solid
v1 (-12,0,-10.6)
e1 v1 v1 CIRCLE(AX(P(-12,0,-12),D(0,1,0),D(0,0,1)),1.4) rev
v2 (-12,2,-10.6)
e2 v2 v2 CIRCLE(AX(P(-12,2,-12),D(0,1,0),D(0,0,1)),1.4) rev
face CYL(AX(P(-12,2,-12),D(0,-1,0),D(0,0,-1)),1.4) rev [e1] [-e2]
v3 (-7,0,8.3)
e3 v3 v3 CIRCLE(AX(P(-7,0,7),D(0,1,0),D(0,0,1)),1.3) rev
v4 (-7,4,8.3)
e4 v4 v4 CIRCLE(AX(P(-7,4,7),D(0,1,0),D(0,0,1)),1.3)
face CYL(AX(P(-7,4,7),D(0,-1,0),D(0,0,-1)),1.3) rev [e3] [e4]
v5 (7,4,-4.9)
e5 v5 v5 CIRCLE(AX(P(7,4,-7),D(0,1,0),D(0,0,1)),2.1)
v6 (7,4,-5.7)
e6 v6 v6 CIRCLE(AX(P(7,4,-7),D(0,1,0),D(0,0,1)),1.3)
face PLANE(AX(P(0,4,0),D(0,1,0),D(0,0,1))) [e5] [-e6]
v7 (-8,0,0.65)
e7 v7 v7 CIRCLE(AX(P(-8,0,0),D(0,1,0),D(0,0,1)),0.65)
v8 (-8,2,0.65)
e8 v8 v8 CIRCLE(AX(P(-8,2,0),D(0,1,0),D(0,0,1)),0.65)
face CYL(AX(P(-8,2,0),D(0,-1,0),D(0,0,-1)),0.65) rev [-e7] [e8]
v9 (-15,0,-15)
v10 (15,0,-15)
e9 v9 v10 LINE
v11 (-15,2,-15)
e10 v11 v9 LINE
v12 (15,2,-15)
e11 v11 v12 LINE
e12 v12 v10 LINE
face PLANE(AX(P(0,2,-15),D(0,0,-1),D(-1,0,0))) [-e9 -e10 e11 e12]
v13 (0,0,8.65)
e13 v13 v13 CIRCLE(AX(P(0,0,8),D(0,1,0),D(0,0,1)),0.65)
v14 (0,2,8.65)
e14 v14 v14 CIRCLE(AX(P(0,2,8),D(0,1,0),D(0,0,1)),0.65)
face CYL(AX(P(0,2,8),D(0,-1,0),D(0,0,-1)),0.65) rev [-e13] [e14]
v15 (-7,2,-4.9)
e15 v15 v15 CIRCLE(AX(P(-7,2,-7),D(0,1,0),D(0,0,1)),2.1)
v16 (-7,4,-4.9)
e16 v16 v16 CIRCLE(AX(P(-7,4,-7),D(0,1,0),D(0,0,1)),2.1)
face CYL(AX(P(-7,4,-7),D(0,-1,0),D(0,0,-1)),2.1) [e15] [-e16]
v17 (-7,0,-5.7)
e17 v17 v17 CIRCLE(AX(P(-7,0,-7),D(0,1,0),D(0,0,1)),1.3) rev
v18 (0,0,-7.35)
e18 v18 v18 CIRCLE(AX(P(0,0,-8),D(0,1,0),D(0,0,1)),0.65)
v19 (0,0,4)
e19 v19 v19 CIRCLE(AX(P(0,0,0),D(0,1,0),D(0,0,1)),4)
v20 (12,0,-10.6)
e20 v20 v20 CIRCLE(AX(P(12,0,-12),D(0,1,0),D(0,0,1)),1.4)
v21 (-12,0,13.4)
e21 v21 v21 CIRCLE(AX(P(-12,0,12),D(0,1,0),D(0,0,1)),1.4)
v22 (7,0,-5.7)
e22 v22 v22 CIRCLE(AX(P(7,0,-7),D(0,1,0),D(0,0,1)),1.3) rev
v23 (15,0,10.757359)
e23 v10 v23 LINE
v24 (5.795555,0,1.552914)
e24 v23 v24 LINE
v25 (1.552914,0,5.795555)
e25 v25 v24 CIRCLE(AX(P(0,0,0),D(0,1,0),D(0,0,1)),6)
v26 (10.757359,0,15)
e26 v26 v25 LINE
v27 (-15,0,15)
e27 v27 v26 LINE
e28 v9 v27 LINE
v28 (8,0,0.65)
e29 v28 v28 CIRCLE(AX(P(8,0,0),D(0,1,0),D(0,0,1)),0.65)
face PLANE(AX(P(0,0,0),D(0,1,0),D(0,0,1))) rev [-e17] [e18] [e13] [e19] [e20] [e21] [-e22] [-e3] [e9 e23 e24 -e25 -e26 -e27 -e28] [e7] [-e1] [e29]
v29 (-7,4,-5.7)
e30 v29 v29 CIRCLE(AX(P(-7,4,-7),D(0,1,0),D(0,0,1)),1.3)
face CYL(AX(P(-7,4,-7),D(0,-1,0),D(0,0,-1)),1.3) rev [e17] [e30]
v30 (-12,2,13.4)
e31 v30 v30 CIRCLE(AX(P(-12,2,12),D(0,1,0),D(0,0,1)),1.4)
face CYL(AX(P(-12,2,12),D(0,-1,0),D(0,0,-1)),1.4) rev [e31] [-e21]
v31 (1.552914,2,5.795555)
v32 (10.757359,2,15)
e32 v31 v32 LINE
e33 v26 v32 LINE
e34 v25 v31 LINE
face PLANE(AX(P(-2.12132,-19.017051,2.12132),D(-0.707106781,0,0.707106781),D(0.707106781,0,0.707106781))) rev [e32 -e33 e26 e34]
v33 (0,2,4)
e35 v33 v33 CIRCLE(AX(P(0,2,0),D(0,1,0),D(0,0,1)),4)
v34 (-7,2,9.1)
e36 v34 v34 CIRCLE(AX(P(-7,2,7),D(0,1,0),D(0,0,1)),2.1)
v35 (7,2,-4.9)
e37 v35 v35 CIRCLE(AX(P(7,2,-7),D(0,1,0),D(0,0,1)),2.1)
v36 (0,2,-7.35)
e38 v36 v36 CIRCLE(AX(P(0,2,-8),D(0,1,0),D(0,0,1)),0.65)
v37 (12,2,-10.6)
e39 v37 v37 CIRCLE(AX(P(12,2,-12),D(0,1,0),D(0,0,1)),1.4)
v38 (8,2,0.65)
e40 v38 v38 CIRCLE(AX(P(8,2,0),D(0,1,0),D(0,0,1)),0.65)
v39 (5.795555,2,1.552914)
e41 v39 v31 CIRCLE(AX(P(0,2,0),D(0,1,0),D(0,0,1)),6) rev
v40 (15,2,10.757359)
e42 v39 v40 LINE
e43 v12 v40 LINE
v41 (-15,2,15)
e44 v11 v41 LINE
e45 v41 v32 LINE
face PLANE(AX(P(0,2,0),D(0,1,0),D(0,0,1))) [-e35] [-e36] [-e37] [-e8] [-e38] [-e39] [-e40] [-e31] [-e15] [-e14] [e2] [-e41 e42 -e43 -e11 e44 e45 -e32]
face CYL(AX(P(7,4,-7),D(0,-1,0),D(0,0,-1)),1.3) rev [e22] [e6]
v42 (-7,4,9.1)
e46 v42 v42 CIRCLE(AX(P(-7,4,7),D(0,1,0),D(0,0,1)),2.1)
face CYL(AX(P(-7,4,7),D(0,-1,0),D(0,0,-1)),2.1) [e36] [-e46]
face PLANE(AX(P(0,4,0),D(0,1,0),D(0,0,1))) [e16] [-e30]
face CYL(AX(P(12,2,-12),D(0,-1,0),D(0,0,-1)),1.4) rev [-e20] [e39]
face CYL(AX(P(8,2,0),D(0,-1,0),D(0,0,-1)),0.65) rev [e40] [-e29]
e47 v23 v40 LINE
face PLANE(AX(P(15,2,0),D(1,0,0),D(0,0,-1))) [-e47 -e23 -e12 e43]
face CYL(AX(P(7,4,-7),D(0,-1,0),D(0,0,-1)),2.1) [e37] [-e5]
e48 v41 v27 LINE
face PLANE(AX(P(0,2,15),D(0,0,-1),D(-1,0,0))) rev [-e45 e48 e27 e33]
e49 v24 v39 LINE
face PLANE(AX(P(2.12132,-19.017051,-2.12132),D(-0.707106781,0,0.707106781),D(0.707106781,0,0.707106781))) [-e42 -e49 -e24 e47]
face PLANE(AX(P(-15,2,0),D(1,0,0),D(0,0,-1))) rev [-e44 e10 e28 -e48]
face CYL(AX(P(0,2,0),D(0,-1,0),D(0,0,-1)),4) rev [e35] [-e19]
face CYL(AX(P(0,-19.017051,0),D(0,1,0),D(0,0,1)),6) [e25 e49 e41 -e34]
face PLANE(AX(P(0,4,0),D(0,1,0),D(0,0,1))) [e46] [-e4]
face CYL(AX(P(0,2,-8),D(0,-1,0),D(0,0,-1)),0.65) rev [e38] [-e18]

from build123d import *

# Parameters (mm, degrees)
SKETCH_1_W          = 30
SKETCH_1_H          = 30
SKETCH_1_R          = 0.65
SKETCH_1_R_2        = 4
SKETCH_1_R_3        = 1.4
EXTRUDE_1_DEPTH     = 2
SKETCH_2_R          = 2.1
SKETCH_2_R_2        = 1.3
EXTRUDE_3_DEPTH     = 2
CUT_EXTRUDE_START   = -2
SKETCH_2_6_R        = 1.3
SKETCH_2_6_R_2      = 1.4
SKETCH_2_6_R_3      = 2.1
CUT_EXTRUDE_2_DEPTH = 2


with BuildPart() as part:
    # 草图1 → 凸台-拉伸1 (new body)
    with BuildSketch(Plane(origin=(0, 0, 0), x_dir=(1, 0, 0), z_dir=(0, 1, 0))):
        Rectangle(SKETCH_1_W, SKETCH_1_H)
        with Locations(Location((8, 0, 0), (0, 0, 270))):
            Circle(SKETCH_1_R, mode=Mode.SUBTRACT)
        with Locations(Location((0, -8, 0), (0, 0, 270))):
            Circle(SKETCH_1_R, mode=Mode.SUBTRACT)
        with Locations(Location((-8, 0, 0), (0, 0, 270))):
            Circle(SKETCH_1_R, mode=Mode.SUBTRACT)
        with Locations(Location((0, 8, 0), (0, 0, 270))):
            Circle(SKETCH_1_R, mode=Mode.SUBTRACT)
        with Locations(Location((0, 0, 0), (0, 0, 270))):
            Circle(SKETCH_1_R_2, mode=Mode.SUBTRACT)
        with Locations(Location((12, 12, 0), (0, 0, 270))):
            Circle(SKETCH_1_R_3, mode=Mode.SUBTRACT)
        with Locations(Location((-12, 12, 0), (0, 0, 270))):
            Circle(SKETCH_1_R_3, mode=Mode.SUBTRACT)
        with Locations(Location((12, -12, 0), (0, 0, 270))):
            Circle(SKETCH_1_R_3, mode=Mode.SUBTRACT)
        with Locations(Location((-12, -12, 0), (0, 0, 270))):
            Circle(SKETCH_1_R_3, mode=Mode.SUBTRACT)
    extrude(amount=EXTRUDE_1_DEPTH)

    # 草图2 → 凸台-拉伸3 (add)
    # profile 1 of 3: a face of its own
    with BuildSketch(Plane(origin=(0, 2, 0), x_dir=(1, 0, 0), z_dir=(0, 1, 0))):
        with Locations(Location((-7, -7, 0), (0, 0, 270))):
            Circle(SKETCH_2_R)
        with Locations(Location((-7, -7, 0), (0, 0, 270))):
            Circle(SKETCH_2_R_2, mode=Mode.SUBTRACT)
    # profile 2 of 3: a face of its own
    with BuildSketch(Plane(origin=(0, 2, 0), x_dir=(1, 0, 0), z_dir=(0, 1, 0))):
        with Locations(Location((-7, 7, 0), (0, 0, 270))):
            Circle(SKETCH_2_R)
        with Locations(Location((-7, 7, 0), (0, 0, 270))):
            Circle(SKETCH_2_R_2, mode=Mode.SUBTRACT)
    # profile 3 of 3: a face of its own
    with BuildSketch(Plane(origin=(0, 2, 0), x_dir=(1, 0, 0), z_dir=(0, 1, 0))):
        with Locations(Location((7, 7, 0), (0, 0, 270))):
            Circle(SKETCH_2_R)
        with Locations(Location((7, 7, 0), (0, 0, 270))):
            Circle(SKETCH_2_R_2, mode=Mode.SUBTRACT)
    extrude(amount=EXTRUDE_3_DEPTH)

    # 草图2<6> → 切除-拉伸2 (cut)
    # profile 1 of 6: a face of its own
    with BuildSketch(Plane(origin=(0, 2, 0), x_dir=(1, 0, 0), z_dir=(0, 1, 0)).offset(CUT_EXTRUDE_START)):
        with Locations(Location((-7, 7, 0), (0, 0, 270))):
            Circle(SKETCH_2_6_R)
    # profile 2 of 6: a face of its own
    with BuildSketch(Plane(origin=(0, 2, 0), x_dir=(1, 0, 0), z_dir=(0, 1, 0)).offset(CUT_EXTRUDE_START)):
        with Locations(Location((-7, -7, 0), (0, 0, 270))):
            Circle(SKETCH_2_6_R)
    # profile 3 of 6: a face of its own
    with BuildSketch(Plane(origin=(0, 2, 0), x_dir=(1, 0, 0), z_dir=(0, 1, 0)).offset(CUT_EXTRUDE_START)):
        with Locations(Location((7, 7, 0), (0, 0, 270))):
            Circle(SKETCH_2_6_R)
    # profile 4 of 6: a face of its own
    with BuildSketch(Plane(origin=(0, 2, 0), x_dir=(1, 0, 0), z_dir=(0, 1, 0)).offset(CUT_EXTRUDE_START)):
        with BuildLine():
            Line((15, -10.757359313), (5.795554958, -1.552914271))
            ThreePointArc((5.795554958, -1.552914271), (4.242640687, -4.242640687), (1.552914271, -5.795554958))
            Line((1.552914271, -5.795554958), (10.757359313, -15))
            Line((10.757359313, -15), (15, -15))
            Line((15, -15), (15, -10.757359313))
        make_face()
        with Locations((12, -12)):
            Circle(SKETCH_2_6_R_2, mode=Mode.SUBTRACT)
        with Locations((7, -7)):
            Circle(SKETCH_2_6_R_3, mode=Mode.SUBTRACT)
    # profile 5 of 6: a face of its own
    with BuildSketch(Plane(origin=(0, 2, 0), x_dir=(1, 0, 0), z_dir=(0, 1, 0)).offset(CUT_EXTRUDE_START)):
        with Locations((7, -7)):
            Circle(SKETCH_2_6_R_3)
        with Locations((7, -7)):
            Circle(SKETCH_2_6_R, mode=Mode.SUBTRACT)
    # profile 6 of 6: a face of its own
    with BuildSketch(Plane(origin=(0, 2, 0), x_dir=(1, 0, 0), z_dir=(0, 1, 0)).offset(CUT_EXTRUDE_START)):
        with Locations((7, -7)):
            Circle(SKETCH_2_6_R)
    extrude(amount=CUT_EXTRUDE_2_DEPTH, mode=Mode.SUBTRACT)


solid = part.part
